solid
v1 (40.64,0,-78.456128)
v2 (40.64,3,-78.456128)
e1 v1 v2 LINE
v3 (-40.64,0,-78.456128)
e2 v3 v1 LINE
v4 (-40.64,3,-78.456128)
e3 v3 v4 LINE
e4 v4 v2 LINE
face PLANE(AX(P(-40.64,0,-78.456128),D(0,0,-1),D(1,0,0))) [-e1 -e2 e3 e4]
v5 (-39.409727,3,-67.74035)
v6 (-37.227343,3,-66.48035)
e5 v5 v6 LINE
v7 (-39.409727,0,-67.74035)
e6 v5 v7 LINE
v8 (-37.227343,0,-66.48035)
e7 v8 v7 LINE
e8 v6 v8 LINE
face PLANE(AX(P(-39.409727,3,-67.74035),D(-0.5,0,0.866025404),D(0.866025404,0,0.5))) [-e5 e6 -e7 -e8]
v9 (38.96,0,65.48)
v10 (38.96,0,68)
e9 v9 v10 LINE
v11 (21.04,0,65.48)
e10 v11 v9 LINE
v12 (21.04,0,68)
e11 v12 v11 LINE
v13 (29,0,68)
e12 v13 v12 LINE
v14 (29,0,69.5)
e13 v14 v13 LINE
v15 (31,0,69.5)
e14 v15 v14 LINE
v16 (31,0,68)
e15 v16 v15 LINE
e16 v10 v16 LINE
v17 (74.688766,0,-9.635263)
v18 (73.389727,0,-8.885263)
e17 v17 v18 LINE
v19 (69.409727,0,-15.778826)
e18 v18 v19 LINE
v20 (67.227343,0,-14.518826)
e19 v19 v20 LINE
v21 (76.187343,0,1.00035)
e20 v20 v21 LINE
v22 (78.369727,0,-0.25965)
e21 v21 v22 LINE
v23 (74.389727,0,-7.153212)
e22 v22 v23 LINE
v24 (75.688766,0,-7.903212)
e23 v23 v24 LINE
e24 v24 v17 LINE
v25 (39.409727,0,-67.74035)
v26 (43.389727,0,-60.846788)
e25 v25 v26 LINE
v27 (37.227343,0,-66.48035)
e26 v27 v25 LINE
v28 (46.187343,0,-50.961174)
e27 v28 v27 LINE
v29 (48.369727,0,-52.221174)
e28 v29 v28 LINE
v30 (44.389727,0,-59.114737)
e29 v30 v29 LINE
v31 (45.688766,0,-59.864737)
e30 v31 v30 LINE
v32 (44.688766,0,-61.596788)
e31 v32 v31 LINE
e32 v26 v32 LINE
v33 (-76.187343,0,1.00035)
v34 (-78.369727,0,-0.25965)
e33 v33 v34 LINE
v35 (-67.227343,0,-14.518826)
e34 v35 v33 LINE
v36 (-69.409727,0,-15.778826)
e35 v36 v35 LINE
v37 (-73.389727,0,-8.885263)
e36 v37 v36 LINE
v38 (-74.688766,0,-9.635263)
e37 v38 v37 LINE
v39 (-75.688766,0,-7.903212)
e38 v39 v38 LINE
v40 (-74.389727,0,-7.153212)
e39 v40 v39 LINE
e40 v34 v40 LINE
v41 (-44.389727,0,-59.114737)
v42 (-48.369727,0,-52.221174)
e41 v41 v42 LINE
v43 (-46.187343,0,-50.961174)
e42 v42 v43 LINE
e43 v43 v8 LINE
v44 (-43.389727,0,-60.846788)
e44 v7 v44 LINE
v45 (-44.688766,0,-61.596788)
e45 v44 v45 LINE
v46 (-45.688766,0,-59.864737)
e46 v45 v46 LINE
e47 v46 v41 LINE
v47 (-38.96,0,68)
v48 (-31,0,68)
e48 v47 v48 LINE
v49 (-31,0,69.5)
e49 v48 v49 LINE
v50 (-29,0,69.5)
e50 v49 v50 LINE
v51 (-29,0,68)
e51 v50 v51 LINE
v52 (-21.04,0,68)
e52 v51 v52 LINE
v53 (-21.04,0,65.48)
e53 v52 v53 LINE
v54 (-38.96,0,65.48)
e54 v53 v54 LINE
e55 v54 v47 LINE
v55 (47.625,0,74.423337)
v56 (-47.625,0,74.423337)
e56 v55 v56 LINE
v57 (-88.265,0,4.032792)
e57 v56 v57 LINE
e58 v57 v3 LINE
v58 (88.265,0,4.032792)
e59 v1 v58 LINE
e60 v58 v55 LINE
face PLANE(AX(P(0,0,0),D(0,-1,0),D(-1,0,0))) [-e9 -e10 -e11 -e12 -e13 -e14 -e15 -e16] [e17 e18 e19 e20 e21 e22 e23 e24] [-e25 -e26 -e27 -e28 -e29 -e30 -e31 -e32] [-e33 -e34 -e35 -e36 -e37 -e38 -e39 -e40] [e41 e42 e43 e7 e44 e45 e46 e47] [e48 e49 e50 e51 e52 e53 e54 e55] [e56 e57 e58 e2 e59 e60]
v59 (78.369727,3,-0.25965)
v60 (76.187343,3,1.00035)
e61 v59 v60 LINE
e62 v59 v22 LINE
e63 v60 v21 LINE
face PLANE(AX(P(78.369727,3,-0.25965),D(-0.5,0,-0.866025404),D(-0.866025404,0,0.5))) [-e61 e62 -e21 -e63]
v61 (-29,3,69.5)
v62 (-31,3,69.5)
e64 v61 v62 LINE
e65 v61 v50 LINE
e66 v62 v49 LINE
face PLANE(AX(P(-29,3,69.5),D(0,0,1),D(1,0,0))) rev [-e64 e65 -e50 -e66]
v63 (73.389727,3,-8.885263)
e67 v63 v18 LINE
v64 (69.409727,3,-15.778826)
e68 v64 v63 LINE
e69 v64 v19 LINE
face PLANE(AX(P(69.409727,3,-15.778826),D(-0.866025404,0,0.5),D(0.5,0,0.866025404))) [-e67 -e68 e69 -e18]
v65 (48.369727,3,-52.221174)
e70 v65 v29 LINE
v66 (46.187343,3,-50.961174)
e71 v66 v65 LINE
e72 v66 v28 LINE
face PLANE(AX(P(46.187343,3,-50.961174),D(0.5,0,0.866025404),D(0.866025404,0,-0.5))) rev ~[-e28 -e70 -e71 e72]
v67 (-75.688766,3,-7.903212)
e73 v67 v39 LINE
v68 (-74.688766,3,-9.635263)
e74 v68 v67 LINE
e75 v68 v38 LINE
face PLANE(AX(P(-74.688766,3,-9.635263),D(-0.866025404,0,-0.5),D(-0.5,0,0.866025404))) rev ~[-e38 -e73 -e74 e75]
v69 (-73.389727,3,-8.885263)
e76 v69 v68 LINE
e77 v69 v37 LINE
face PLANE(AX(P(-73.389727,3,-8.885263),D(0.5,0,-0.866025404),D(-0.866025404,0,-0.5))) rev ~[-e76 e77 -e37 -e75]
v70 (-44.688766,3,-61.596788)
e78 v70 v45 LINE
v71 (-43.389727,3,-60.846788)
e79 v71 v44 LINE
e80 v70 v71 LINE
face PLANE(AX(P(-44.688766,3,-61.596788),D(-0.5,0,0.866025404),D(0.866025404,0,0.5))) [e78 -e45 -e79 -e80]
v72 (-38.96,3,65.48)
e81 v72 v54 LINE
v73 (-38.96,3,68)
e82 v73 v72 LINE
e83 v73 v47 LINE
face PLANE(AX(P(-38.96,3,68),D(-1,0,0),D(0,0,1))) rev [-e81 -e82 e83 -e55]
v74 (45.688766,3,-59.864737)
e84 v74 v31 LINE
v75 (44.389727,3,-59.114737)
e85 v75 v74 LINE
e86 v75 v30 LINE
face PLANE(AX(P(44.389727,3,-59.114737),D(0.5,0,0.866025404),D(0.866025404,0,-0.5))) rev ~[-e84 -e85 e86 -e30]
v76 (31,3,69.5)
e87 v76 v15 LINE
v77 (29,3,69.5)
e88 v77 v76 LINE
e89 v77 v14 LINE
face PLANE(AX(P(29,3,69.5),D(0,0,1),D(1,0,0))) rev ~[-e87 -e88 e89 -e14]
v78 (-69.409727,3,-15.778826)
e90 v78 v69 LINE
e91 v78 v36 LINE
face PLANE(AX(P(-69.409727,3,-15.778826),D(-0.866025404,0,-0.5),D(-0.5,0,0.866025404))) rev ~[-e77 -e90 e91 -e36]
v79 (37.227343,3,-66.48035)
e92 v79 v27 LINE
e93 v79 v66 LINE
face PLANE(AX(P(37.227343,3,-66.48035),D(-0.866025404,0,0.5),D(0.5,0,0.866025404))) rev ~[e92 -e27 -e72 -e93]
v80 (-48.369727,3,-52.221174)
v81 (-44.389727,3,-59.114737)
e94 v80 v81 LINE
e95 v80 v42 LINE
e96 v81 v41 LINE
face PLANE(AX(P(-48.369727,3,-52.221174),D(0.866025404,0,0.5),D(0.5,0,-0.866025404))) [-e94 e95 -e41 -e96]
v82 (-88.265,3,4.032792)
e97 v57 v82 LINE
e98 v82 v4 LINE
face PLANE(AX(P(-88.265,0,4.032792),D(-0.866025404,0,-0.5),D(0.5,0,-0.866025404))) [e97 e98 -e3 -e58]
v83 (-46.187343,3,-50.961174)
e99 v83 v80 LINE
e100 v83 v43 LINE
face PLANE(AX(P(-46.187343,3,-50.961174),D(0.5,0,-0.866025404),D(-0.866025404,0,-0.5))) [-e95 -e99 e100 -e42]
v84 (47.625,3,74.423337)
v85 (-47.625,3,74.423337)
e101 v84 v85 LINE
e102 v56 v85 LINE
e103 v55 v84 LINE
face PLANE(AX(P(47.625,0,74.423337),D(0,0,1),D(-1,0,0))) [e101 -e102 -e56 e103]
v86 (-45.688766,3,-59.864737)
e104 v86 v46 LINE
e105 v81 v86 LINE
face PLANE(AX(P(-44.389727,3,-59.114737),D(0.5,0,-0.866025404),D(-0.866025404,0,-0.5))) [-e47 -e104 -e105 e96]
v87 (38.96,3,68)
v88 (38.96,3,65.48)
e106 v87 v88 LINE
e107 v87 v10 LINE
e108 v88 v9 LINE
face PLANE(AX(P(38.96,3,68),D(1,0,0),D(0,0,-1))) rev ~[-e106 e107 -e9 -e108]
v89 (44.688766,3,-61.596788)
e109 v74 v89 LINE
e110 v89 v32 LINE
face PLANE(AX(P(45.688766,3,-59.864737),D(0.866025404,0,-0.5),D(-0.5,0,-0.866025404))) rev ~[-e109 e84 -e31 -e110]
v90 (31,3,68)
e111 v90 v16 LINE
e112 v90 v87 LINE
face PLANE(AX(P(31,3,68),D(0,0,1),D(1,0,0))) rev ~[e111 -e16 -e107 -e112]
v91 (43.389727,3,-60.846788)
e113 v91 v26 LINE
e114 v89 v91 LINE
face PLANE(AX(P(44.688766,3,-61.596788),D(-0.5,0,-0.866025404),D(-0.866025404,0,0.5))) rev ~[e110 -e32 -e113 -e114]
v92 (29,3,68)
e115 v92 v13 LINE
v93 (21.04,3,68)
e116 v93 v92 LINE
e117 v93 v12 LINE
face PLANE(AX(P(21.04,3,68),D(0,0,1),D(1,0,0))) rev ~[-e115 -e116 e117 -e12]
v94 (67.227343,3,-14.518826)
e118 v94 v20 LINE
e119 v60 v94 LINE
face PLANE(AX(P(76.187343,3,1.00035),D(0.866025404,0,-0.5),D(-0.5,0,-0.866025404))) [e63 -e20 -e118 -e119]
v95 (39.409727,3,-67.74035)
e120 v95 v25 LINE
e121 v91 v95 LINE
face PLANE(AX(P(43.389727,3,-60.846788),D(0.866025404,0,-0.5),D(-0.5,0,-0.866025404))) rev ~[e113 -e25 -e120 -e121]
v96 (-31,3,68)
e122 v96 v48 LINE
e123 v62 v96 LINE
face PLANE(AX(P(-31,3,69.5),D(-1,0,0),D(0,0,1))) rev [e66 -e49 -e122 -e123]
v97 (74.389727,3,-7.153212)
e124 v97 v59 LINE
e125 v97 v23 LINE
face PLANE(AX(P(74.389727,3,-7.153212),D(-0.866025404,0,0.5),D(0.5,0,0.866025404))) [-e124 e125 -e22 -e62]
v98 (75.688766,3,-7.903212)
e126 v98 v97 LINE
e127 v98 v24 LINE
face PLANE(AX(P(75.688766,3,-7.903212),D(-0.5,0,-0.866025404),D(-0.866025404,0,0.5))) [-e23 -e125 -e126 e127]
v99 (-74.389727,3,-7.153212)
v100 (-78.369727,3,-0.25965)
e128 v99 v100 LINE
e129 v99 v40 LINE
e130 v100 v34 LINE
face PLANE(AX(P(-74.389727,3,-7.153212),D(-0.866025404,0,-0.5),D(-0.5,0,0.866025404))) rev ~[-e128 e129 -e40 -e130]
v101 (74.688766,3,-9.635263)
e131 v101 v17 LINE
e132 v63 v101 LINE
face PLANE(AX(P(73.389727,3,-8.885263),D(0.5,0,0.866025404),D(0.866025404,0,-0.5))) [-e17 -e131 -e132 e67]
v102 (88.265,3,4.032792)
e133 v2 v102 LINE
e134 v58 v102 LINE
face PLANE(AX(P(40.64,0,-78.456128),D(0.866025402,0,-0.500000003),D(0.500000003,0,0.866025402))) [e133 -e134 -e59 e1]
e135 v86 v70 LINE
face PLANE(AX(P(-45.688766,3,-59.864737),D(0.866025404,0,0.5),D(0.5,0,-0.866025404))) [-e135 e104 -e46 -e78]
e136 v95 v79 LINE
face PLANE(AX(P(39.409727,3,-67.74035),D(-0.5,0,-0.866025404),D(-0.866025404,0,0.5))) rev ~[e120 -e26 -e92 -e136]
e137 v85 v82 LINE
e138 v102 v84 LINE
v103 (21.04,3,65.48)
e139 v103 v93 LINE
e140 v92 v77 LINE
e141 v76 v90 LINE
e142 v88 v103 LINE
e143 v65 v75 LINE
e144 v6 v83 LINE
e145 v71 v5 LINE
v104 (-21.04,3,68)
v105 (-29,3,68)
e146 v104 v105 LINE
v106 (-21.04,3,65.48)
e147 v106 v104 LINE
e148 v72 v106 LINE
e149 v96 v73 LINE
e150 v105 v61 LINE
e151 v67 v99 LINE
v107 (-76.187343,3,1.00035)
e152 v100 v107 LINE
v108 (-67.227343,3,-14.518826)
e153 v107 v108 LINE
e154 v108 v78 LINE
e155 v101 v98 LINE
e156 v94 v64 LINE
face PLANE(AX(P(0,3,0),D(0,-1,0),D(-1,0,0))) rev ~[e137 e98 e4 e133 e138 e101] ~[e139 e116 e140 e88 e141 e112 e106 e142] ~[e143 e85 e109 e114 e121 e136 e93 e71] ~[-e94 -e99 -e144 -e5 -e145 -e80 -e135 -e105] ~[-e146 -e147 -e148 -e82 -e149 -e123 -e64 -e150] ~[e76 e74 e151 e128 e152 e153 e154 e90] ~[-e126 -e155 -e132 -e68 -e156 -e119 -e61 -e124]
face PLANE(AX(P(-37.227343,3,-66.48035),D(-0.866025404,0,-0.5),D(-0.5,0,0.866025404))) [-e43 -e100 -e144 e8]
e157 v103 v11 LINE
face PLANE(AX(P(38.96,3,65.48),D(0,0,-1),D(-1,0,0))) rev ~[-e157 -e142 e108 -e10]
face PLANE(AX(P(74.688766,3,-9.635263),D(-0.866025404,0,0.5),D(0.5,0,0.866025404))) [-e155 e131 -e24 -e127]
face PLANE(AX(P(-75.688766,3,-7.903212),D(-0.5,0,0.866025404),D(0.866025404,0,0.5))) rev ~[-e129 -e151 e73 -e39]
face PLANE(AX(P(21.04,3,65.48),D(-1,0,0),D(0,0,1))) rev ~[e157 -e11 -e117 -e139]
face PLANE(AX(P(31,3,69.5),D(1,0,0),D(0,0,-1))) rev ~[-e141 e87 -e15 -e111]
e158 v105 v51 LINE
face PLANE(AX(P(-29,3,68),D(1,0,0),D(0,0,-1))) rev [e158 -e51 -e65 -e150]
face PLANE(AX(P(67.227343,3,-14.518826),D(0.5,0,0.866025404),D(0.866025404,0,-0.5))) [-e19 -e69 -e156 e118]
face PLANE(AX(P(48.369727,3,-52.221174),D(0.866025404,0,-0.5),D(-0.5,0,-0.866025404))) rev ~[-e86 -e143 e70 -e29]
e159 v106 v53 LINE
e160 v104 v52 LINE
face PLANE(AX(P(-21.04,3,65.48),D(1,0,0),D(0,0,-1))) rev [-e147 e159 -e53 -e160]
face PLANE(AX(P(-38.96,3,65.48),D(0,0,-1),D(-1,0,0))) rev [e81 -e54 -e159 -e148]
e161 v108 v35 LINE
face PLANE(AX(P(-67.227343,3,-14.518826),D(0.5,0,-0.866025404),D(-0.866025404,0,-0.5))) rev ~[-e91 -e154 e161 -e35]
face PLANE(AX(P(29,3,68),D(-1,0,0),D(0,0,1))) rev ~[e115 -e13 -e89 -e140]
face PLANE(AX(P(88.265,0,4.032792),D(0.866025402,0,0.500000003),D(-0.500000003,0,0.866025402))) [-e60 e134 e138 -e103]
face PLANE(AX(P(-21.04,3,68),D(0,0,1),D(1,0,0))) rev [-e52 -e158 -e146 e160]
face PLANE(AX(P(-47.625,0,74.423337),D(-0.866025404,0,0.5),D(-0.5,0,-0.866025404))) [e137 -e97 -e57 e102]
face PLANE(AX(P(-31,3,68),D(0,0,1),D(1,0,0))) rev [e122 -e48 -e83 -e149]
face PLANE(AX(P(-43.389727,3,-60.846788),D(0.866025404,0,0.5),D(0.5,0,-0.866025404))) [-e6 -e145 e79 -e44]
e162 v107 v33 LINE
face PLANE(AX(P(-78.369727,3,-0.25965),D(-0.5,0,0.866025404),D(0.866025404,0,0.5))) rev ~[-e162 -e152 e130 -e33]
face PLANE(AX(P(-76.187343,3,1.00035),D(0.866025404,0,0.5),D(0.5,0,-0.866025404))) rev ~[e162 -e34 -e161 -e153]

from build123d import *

# Parameters (mm, degrees)
BOSS_EXTRUDE1_DEPTH      = 3
CUT_EXTRUDE1_DEPTH       = 119.131597452
CIRPATTERN1_COUNT        = 3
CIRPATTERN1_COPY_1_DEPTH = 119.131597452
CIRPATTERN1_COPY_2_DEPTH = 119.131597452


with BuildPart() as part:
    # Sketch1 → Boss-Extrude1 (new body)
    with BuildSketch(Plane(origin=(0, 0, 0), x_dir=(1, 0, 0), z_dir=(0, 1, 0))):
        Polygon((-40.640000094, 78.456128134), (40.639999906, 78.456128134), (88.265000282, -4.032791576), (47.624999812, -74.423336558), (-47.625, -74.423336558), (-88.265000094, -4.032791576), align=None)
    extrude(amount=BOSS_EXTRUDE1_DEPTH)

    # Sketch2 → Cut-Extrude1 (cut, through all)
    with BuildSketch(Plane(origin=(0, 3, 0), x_dir=(1, 0, 0), z_dir=(0, 1, 0))):
        Polygon((29, -68), (29, -69.5), (31, -69.5), (31, -68), (38.96, -68), (38.96, -65.48), (21.04, -65.48), (21.04, -68), align=None)
    cut_extrude1 = extrude(amount=-CUT_EXTRUDE1_DEPTH, mode=Mode.SUBTRACT)

    # Mirror1: Cut-Extrude1 across plane
    add(cut_extrude1.mirror(Plane(origin=(0, 0, 0), x_dir=(0, 0, 1), z_dir=(1, 0, 0))), mode=Mode.SUBTRACT)

    # CirPattern1: Cut-Extrude1 ×3 about axis
    cirpattern1_axis = Axis((0, 0, 0), (0, 1, 0))
    for i in range(1, CIRPATTERN1_COUNT):
        add(cut_extrude1.rotate(cirpattern1_axis, i * 360 / CIRPATTERN1_COUNT), mode=Mode.SUBTRACT)

    # CirPattern1 copy 1 sketch → CirPattern1 copy 1 (cut, through all)
    with BuildSketch(Plane(origin=(0, 3, 0), x_dir=(0.4999999999999998, 0, 0.8660254037844387), z_dir=(0, 1, 0))):
        Polygon((29, 68), (29, 69.5), (31, 69.5), (31, 68), (38.96, 68), (38.96, 65.48), (21.04, 65.48), (21.04, 68), align=None)
    extrude(amount=-CIRPATTERN1_COPY_1_DEPTH, mode=Mode.SUBTRACT)

    # CirPattern1 copy 2 sketch → CirPattern1 copy 2 (cut, through all)
    with BuildSketch(Plane(origin=(0, 3, 0), x_dir=(0.5000000000000004, 0, -0.8660254037844384), z_dir=(0, 1, 0))):
        Polygon((29, 68), (29, 69.5), (31, 69.5), (31, 68), (38.96, 68), (38.96, 65.48), (21.04, 65.48), (21.04, 68), align=None)
    extrude(amount=-CIRPATTERN1_COPY_2_DEPTH, mode=Mode.SUBTRACT)


solid = part.part
